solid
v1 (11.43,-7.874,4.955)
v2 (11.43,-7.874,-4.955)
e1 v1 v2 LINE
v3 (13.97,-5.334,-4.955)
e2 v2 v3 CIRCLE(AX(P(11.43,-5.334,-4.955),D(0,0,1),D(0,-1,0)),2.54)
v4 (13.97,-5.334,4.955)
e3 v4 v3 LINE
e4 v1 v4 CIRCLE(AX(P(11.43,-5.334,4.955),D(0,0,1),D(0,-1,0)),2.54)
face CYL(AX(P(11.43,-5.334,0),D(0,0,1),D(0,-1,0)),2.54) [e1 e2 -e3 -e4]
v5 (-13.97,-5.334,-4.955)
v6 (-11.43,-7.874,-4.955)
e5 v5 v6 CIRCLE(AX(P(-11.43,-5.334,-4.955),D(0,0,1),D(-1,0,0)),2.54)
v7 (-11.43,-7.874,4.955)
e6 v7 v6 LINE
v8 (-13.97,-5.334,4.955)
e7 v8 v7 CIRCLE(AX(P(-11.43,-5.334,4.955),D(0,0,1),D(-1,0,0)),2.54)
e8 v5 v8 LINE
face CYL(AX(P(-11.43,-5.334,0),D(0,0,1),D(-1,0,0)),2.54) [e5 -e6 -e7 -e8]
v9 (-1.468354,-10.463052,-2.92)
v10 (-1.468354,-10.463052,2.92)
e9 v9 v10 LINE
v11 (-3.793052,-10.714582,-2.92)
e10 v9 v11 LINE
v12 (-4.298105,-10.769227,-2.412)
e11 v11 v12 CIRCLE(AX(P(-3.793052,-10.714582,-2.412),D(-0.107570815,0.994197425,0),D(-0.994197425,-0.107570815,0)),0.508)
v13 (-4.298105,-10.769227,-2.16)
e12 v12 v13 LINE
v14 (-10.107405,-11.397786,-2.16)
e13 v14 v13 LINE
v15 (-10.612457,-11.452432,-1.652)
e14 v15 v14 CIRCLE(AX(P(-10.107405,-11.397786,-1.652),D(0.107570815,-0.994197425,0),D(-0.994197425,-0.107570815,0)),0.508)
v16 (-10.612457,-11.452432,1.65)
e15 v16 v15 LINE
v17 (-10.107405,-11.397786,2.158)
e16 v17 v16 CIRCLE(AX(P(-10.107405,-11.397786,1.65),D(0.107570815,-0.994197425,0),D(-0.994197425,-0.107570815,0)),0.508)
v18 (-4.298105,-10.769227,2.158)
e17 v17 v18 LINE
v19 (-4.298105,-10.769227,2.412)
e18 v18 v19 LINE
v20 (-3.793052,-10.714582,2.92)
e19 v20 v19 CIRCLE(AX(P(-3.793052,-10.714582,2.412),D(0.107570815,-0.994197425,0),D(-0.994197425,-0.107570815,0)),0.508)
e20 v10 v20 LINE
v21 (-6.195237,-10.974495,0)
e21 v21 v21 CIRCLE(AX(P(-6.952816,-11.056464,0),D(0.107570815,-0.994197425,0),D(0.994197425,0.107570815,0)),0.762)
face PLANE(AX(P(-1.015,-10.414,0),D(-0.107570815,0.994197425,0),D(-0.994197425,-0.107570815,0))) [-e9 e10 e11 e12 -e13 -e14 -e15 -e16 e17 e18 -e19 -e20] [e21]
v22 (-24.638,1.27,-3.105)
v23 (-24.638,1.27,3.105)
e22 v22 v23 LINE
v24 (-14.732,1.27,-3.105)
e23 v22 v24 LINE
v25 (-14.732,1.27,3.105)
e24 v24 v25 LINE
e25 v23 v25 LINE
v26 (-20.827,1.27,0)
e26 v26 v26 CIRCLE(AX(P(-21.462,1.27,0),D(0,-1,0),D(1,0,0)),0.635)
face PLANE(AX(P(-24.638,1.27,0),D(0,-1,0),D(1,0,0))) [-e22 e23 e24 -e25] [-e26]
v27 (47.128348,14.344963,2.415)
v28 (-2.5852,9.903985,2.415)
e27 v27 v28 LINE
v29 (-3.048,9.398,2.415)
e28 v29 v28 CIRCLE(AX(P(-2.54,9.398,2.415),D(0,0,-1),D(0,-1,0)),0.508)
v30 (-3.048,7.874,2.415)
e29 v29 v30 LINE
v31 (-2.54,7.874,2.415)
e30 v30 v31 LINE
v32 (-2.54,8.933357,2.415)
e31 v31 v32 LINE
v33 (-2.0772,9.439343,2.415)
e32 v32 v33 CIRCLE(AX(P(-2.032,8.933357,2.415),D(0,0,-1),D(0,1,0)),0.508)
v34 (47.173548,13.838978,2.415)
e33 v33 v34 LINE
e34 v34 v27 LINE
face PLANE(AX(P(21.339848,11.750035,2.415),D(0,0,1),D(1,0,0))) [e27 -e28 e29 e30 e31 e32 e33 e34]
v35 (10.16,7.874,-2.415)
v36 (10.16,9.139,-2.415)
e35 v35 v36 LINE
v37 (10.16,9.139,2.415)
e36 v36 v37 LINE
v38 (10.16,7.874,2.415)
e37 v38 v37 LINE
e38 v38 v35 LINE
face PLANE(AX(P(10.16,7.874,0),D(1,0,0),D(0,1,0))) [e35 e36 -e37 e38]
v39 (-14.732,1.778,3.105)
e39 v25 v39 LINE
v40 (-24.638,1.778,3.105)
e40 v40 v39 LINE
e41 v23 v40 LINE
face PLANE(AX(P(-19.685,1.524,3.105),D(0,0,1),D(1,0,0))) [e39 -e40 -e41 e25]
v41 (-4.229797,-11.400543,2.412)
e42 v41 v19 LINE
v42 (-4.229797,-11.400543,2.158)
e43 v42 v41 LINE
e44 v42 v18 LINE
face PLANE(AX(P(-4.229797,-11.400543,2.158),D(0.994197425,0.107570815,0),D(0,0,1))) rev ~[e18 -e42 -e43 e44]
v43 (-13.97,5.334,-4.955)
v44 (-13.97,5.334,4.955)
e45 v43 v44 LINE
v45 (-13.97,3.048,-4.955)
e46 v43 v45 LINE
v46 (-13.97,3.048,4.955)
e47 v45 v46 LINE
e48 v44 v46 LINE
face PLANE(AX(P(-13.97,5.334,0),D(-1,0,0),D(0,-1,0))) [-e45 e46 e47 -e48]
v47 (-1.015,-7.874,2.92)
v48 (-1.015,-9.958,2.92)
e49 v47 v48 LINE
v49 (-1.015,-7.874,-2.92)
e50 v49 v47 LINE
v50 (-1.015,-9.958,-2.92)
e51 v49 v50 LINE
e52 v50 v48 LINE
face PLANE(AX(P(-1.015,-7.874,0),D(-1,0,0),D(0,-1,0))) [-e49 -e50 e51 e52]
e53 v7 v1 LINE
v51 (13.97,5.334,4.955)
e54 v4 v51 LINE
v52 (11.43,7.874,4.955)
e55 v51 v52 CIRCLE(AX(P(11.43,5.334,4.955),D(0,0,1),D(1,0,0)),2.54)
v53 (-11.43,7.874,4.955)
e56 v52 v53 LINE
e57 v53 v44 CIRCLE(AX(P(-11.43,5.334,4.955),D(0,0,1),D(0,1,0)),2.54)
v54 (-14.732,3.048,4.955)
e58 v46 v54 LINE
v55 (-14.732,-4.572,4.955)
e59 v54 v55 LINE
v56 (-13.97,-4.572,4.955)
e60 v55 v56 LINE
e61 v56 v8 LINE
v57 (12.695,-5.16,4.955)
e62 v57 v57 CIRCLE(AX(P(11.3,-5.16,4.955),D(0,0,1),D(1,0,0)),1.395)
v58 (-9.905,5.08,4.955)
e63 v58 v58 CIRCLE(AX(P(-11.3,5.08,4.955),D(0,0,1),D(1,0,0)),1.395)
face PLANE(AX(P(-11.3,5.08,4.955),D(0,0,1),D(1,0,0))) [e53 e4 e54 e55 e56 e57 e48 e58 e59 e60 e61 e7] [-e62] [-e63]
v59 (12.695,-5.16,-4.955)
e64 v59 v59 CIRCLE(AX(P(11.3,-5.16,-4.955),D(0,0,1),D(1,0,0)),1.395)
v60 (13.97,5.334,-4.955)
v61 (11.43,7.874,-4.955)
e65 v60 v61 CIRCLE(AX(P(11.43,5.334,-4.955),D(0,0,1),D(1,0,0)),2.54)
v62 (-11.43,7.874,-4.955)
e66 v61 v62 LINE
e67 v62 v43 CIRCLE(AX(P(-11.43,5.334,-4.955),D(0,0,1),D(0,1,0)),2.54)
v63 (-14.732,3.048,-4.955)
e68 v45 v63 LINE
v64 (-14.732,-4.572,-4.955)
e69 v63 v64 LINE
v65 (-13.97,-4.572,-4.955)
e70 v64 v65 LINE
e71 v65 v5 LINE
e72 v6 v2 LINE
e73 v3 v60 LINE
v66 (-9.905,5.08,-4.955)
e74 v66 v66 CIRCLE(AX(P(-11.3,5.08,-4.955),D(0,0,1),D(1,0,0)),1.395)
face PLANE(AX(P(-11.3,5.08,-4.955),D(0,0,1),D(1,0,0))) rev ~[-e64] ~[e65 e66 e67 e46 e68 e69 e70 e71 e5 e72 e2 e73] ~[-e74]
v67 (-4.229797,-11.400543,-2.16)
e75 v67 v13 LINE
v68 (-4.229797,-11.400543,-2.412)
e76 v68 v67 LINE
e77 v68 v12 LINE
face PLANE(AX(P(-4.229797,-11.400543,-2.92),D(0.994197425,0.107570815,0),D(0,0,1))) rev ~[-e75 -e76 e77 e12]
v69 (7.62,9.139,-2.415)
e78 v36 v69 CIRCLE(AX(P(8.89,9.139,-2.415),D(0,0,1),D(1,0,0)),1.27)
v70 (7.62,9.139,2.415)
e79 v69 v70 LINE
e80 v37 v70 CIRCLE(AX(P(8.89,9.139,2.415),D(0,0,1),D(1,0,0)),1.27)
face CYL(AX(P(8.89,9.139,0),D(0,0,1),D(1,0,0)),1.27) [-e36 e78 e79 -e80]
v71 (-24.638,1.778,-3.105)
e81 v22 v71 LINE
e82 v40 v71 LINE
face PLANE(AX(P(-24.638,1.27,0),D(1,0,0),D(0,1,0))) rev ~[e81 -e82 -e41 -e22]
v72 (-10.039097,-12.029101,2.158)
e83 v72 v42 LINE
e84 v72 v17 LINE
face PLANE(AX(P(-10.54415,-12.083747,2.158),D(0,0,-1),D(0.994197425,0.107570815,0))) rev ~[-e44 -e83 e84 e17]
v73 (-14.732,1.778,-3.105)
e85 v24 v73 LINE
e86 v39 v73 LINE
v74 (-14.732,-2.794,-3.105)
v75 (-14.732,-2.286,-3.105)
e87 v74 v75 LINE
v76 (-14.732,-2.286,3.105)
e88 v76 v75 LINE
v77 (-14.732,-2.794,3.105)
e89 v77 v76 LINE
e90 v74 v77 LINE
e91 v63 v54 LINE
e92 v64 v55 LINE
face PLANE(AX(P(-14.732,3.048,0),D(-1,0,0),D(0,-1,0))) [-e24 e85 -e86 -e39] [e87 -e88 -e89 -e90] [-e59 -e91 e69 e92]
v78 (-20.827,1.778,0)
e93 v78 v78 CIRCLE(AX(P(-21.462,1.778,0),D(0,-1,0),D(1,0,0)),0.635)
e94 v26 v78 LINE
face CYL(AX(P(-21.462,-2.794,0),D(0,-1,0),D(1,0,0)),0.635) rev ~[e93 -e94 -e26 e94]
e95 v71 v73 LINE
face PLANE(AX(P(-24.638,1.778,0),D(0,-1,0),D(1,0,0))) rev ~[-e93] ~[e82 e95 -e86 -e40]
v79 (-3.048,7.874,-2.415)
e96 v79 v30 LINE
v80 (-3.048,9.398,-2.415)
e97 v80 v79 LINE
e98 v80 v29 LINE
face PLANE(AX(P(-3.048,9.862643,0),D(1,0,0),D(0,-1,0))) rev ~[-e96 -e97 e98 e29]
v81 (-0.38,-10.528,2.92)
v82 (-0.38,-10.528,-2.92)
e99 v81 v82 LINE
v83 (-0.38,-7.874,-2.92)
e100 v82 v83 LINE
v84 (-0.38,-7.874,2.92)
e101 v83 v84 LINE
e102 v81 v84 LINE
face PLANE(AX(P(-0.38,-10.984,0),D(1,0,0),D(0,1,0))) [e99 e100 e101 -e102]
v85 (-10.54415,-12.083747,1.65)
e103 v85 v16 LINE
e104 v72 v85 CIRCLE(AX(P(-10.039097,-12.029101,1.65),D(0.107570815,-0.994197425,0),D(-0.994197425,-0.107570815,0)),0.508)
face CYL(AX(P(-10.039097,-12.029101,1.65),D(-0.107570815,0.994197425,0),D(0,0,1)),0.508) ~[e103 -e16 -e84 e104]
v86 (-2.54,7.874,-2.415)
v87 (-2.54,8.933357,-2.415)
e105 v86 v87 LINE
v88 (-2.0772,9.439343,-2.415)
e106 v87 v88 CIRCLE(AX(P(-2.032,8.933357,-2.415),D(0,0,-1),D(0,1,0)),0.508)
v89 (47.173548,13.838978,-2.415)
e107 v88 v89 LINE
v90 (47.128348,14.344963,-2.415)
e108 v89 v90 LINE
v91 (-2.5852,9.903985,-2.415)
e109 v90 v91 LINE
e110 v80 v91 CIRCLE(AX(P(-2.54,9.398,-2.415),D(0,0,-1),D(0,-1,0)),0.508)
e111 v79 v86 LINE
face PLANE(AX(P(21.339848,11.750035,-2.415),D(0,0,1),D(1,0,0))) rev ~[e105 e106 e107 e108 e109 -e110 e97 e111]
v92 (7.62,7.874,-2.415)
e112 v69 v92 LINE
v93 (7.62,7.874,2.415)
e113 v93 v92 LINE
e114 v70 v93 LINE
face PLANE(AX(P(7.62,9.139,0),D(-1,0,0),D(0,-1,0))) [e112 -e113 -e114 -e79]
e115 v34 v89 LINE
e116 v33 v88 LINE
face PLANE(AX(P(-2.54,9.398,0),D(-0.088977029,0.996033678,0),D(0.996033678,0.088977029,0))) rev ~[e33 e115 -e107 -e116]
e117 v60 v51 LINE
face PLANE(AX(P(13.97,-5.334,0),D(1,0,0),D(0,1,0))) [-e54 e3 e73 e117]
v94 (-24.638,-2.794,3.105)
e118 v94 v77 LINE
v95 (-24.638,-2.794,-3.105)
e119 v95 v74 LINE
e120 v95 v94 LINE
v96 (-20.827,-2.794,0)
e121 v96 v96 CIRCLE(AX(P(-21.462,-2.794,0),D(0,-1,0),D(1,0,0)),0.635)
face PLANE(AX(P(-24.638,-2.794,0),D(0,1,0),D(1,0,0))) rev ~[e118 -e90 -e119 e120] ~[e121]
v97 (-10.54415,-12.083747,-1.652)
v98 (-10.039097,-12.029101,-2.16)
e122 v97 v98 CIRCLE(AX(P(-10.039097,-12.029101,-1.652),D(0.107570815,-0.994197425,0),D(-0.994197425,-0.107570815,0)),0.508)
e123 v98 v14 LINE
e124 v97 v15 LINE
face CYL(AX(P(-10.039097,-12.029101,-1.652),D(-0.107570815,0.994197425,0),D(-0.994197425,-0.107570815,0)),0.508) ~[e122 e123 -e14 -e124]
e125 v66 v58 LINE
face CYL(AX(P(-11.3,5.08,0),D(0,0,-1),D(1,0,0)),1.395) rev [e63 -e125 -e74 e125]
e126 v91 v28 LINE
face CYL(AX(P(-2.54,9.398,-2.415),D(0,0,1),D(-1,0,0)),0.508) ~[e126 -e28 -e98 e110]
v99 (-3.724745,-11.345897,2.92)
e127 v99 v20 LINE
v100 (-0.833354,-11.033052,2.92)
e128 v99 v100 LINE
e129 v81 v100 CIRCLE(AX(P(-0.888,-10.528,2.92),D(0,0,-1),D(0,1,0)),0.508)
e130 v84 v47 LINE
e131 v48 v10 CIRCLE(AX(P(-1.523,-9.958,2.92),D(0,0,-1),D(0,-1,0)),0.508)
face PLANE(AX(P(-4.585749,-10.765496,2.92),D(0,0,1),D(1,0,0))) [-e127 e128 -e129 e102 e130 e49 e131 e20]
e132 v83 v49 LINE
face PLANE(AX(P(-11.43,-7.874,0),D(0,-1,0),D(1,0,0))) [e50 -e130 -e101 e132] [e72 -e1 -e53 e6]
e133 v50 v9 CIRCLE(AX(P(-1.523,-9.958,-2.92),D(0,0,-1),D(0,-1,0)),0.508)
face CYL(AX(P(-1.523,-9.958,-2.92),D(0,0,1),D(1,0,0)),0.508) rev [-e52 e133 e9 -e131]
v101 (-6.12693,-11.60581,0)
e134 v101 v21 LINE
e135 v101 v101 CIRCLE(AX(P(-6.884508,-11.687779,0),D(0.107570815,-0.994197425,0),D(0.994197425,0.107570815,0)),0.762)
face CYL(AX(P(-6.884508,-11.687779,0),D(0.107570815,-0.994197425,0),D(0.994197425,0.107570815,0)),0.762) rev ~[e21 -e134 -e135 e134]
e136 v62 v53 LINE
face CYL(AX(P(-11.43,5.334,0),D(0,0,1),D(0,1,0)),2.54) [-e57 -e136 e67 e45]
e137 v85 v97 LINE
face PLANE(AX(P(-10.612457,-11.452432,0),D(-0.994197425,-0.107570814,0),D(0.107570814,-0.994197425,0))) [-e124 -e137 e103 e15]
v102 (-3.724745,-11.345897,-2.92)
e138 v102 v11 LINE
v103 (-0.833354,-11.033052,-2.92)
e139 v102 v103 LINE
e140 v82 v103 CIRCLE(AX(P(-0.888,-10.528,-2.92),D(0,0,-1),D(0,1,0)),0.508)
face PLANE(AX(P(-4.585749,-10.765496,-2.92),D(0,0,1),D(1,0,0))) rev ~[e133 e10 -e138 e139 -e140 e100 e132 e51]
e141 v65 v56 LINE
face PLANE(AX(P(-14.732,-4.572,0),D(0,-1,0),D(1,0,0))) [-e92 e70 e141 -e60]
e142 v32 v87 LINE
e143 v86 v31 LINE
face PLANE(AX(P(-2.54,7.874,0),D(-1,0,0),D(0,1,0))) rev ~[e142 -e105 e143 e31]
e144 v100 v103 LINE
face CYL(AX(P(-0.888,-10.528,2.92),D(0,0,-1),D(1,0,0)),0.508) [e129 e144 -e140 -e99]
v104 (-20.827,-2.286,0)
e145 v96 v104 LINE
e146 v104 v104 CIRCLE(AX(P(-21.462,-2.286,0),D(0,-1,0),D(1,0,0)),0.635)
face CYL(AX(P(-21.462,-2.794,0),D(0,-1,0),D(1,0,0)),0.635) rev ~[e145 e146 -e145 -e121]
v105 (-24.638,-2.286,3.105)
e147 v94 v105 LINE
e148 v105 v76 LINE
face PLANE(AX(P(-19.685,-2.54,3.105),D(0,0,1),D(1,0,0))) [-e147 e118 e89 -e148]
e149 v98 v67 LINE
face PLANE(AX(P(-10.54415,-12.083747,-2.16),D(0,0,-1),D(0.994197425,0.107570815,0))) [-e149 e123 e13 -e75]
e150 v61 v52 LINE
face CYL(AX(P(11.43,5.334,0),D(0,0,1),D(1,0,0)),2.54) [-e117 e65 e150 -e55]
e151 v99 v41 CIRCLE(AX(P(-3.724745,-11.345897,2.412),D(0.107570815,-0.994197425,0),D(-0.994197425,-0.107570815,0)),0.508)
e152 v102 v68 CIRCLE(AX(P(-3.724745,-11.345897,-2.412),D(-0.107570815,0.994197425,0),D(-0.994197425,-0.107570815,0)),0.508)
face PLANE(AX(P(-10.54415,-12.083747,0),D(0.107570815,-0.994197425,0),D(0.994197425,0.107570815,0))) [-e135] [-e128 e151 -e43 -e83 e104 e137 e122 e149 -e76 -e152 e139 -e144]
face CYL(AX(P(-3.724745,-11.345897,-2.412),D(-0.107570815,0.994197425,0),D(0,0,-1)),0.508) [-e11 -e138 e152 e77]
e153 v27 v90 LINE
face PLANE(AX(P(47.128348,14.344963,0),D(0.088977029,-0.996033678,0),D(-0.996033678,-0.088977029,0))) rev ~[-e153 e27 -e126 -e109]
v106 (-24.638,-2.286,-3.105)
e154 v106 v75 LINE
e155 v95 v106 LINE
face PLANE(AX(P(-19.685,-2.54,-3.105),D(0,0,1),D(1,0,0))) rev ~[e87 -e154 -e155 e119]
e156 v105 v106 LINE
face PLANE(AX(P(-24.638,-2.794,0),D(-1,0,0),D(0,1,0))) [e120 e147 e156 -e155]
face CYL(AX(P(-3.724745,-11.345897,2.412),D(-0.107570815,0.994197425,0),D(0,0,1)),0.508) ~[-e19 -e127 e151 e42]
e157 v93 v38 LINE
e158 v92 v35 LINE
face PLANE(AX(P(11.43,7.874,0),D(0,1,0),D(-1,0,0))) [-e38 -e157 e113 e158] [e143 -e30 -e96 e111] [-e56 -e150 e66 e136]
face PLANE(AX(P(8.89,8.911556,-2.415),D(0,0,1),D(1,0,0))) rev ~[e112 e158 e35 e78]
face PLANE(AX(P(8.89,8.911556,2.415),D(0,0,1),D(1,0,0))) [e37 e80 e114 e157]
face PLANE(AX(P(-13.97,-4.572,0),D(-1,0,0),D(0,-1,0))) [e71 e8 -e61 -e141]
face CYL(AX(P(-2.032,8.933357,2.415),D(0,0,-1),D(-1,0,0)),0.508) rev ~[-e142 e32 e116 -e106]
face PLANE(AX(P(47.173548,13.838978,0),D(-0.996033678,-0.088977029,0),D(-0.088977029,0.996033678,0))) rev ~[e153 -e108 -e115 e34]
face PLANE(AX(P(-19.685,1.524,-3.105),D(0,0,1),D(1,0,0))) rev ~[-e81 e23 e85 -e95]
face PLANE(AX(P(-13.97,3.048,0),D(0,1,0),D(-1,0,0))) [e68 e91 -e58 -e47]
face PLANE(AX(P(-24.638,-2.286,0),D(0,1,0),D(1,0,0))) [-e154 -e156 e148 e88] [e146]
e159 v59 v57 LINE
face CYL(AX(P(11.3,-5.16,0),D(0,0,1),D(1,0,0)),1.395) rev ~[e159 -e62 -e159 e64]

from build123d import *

# Parameters (mm, degrees)
SKETCH1_R      = 1.395
EXTRUDE1_DEPTH = 4.955
SKETCH2_W      = 9.906
SKETCH2_H      = 0.508
EXTRUDE2_DEPTH = 3.105
EXTRUDE3_DEPTH = 2.415
EXTRUDE4_DEPTH = 2.92
EXTRUDE5_REACH = 29.791
SKETCH5_W      = 6.351205797
SKETCH5_H      = 0.762
SKETCH5_H_2    = 0.76
EXTRUDE6_REACH = 29.791
SKETCH_R       = 0.762
FILLET1_R      = 0.508
SKETCH6_R      = 0.635
EXTRUDE7_DEPTH = 4.572
SKETCH_2_R     = 1.395
EXTRUDE8_DEPTH = 7.92


with BuildPart() as part:
    # Sketch1 → Extrude1 (new body, symmetric)
    with BuildSketch(Plane.XY):
        with Locations((-11.3, 5.08)):
            Circle(SKETCH1_R)
        with BuildLine():
            Line((13.97, -5.334), (13.97, 5.334))
            ThreePointArc((13.97, 5.334), (13.226051224, 7.130051224), (11.43, 7.874))
            Line((11.43, 7.874), (-11.43, 7.874))
            ThreePointArc((-11.43, 7.874), (-13.226051224, 7.130051224), (-13.97, 5.334))
            Line((-13.97, 5.334), (-13.97, 3.048))
            Line((-13.97, 3.048), (-14.732, 3.048))
            Line((-14.732, 3.048), (-14.732, -4.572))
            Line((-14.732, -4.572), (-13.97, -4.572))
            Line((-13.97, -4.572), (-13.97, -5.334))
            ThreePointArc((-13.97, -5.334), (-13.226051224, -7.130051224), (-11.43, -7.874))
            Line((-11.43, -7.874), (11.43, -7.874))
            ThreePointArc((11.43, -7.874), (13.226051224, -7.130051224), (13.97, -5.334))
        make_face()
        with Locations((11.3, -5.16)):
            Circle(SKETCH1_R, mode=Mode.SUBTRACT)
        with Locations((-11.3, 5.08)):
            Circle(SKETCH1_R, mode=Mode.SUBTRACT)
        with Locations((11.3, -5.16)):
            Circle(SKETCH1_R)
    extrude(amount=EXTRUDE1_DEPTH, both=True)

    # Sketch2 → Extrude2 (add, symmetric)
    with BuildSketch(Plane.XY):
        with Locations((-19.685, -2.54)):
            Rectangle(SKETCH2_W, SKETCH2_H)
        with Locations((-19.685, 1.524)):
            Rectangle(SKETCH2_W, SKETCH2_H)
    extrude(amount=EXTRUDE2_DEPTH, both=True)

    # Sketch3 → Extrude3 (add, symmetric)
    with BuildSketch(Plane.XY):
        Polygon((47.128347754, 14.344963285), (-3.048, 9.862642591), (-3.048, 7.874), (-2.54, 7.874), (-2.54, 9.398), (47.173548085, 13.838978176), align=None)
        with BuildLine():
            Line((10.16, 7.874), (10.16, 9.139))
            ThreePointArc((10.16, 9.139), (8.89, 10.409), (7.62, 9.139))
            Line((7.62, 9.139), (7.62, 7.874))
            Line((7.62, 7.874), (10.16, 7.874))
        make_face()
    extrude(amount=EXTRUDE3_DEPTH, both=True)

    # Sketch4 → Extrude4 (add, symmetric)
    with BuildSketch(Plane.XY):
        Polygon((-0.38, -10.984), (-0.38, -7.874), (-1.015, -7.874), (-1.015, -10.414), (-10.612457197, -11.452431876), (-10.54414973, -12.083747241), align=None)
    extrude(amount=EXTRUDE4_DEPTH, both=True)

    # Sketch5 → Extrude5 (cut, up to next)
    with BuildSketch(Plane(origin=(1.170304596, -10.816259141, 0), x_dir=(0.994197425, 0.107570815, 0), z_dir=(0.107570815, -0.994197425, 0)), mode=Mode.PRIVATE) as extrude5_sk1:
        with Locations((-8.607222155, 2.539)):
            Rectangle(SKETCH5_W, SKETCH5_H)
    extrude5_tool1 = extrude(extrude5_sk1.sketch, amount=-EXTRUDE5_REACH, mode=Mode.PRIVATE) & part.part
    add(extrude5_tool1.solids().sort_by_distance((-7.386974, -11.742145, 2.539))[0], mode=Mode.SUBTRACT)
    # Sketch5 → Extrude5 (cut, up to next)
    with BuildSketch(Plane(origin=(1.170304596, -10.816259141, 0), x_dir=(0.994197425, 0.107570815, 0), z_dir=(0.107570815, -0.994197425, 0)), mode=Mode.PRIVATE) as extrude5_sk2:
        with Locations((-8.607222155, -2.54)):
            Rectangle(SKETCH5_W, SKETCH5_H_2)
    extrude5_tool2 = extrude(extrude5_sk2.sketch, amount=-EXTRUDE5_REACH, mode=Mode.PRIVATE) & part.part
    add(extrude5_tool2.solids().sort_by_distance((-7.386974, -11.742145, -2.54))[0], mode=Mode.SUBTRACT)

    # Sketch → Extrude6 (cut, up to next)
    with BuildSketch(Plane(origin=(1.170304596, -10.816259141, 0), x_dir=(0.994197425, 0.107570815, 0), z_dir=(0.107570815, -0.994197425, 0)), mode=Mode.PRIVATE) as extrude6_sk1:
        with Locations((-8.101824296, 0)):
            Circle(SKETCH_R)
    extrude6_tool1 = extrude(extrude6_sk1.sketch, amount=-EXTRUDE6_REACH, mode=Mode.PRIVATE) & part.part
    add(extrude6_tool1.solids().sort_by_distance((-6.884508, -11.687779, 0))[0], mode=Mode.SUBTRACT)

    # Fillet1
    fillet1_edges = [part.edges().sort_by_distance(p)[0] for p in [
        (-4.263951014, -11.084885172, 2.92),
        (-10.578303464, -11.768089558, 2.158),
        (-10.578303464, -11.768089558, -2.16),
        (-4.263951014, -11.084885172, -2.92),
        (-3.048, 9.862642591, 0),
        (-2.54, 9.398, 0),
        (-0.38, -10.984, 0),
        (-1.015, -10.414, 0),
    ]]
    fillet(fillet1_edges, radius=FILLET1_R)

    # Sketch6 → Extrude7 (cut)
    with BuildSketch(Plane.XZ.offset(2.794)):
        with Locations((-21.462, 0)):
            Circle(SKETCH6_R)
    extrude(amount=-EXTRUDE7_DEPTH, mode=Mode.SUBTRACT)

    # Sketch 2 → Extrude8 (cut, symmetric)
    with BuildSketch(Plane.XY):
        with Locations((-11.3, 5.08)):
            Circle(SKETCH_2_R)
        with Locations((11.3, -5.16)):
            Circle(SKETCH_2_R)
    extrude(amount=EXTRUDE8_DEPTH, both=True, mode=Mode.SUBTRACT)


solid = part.part
